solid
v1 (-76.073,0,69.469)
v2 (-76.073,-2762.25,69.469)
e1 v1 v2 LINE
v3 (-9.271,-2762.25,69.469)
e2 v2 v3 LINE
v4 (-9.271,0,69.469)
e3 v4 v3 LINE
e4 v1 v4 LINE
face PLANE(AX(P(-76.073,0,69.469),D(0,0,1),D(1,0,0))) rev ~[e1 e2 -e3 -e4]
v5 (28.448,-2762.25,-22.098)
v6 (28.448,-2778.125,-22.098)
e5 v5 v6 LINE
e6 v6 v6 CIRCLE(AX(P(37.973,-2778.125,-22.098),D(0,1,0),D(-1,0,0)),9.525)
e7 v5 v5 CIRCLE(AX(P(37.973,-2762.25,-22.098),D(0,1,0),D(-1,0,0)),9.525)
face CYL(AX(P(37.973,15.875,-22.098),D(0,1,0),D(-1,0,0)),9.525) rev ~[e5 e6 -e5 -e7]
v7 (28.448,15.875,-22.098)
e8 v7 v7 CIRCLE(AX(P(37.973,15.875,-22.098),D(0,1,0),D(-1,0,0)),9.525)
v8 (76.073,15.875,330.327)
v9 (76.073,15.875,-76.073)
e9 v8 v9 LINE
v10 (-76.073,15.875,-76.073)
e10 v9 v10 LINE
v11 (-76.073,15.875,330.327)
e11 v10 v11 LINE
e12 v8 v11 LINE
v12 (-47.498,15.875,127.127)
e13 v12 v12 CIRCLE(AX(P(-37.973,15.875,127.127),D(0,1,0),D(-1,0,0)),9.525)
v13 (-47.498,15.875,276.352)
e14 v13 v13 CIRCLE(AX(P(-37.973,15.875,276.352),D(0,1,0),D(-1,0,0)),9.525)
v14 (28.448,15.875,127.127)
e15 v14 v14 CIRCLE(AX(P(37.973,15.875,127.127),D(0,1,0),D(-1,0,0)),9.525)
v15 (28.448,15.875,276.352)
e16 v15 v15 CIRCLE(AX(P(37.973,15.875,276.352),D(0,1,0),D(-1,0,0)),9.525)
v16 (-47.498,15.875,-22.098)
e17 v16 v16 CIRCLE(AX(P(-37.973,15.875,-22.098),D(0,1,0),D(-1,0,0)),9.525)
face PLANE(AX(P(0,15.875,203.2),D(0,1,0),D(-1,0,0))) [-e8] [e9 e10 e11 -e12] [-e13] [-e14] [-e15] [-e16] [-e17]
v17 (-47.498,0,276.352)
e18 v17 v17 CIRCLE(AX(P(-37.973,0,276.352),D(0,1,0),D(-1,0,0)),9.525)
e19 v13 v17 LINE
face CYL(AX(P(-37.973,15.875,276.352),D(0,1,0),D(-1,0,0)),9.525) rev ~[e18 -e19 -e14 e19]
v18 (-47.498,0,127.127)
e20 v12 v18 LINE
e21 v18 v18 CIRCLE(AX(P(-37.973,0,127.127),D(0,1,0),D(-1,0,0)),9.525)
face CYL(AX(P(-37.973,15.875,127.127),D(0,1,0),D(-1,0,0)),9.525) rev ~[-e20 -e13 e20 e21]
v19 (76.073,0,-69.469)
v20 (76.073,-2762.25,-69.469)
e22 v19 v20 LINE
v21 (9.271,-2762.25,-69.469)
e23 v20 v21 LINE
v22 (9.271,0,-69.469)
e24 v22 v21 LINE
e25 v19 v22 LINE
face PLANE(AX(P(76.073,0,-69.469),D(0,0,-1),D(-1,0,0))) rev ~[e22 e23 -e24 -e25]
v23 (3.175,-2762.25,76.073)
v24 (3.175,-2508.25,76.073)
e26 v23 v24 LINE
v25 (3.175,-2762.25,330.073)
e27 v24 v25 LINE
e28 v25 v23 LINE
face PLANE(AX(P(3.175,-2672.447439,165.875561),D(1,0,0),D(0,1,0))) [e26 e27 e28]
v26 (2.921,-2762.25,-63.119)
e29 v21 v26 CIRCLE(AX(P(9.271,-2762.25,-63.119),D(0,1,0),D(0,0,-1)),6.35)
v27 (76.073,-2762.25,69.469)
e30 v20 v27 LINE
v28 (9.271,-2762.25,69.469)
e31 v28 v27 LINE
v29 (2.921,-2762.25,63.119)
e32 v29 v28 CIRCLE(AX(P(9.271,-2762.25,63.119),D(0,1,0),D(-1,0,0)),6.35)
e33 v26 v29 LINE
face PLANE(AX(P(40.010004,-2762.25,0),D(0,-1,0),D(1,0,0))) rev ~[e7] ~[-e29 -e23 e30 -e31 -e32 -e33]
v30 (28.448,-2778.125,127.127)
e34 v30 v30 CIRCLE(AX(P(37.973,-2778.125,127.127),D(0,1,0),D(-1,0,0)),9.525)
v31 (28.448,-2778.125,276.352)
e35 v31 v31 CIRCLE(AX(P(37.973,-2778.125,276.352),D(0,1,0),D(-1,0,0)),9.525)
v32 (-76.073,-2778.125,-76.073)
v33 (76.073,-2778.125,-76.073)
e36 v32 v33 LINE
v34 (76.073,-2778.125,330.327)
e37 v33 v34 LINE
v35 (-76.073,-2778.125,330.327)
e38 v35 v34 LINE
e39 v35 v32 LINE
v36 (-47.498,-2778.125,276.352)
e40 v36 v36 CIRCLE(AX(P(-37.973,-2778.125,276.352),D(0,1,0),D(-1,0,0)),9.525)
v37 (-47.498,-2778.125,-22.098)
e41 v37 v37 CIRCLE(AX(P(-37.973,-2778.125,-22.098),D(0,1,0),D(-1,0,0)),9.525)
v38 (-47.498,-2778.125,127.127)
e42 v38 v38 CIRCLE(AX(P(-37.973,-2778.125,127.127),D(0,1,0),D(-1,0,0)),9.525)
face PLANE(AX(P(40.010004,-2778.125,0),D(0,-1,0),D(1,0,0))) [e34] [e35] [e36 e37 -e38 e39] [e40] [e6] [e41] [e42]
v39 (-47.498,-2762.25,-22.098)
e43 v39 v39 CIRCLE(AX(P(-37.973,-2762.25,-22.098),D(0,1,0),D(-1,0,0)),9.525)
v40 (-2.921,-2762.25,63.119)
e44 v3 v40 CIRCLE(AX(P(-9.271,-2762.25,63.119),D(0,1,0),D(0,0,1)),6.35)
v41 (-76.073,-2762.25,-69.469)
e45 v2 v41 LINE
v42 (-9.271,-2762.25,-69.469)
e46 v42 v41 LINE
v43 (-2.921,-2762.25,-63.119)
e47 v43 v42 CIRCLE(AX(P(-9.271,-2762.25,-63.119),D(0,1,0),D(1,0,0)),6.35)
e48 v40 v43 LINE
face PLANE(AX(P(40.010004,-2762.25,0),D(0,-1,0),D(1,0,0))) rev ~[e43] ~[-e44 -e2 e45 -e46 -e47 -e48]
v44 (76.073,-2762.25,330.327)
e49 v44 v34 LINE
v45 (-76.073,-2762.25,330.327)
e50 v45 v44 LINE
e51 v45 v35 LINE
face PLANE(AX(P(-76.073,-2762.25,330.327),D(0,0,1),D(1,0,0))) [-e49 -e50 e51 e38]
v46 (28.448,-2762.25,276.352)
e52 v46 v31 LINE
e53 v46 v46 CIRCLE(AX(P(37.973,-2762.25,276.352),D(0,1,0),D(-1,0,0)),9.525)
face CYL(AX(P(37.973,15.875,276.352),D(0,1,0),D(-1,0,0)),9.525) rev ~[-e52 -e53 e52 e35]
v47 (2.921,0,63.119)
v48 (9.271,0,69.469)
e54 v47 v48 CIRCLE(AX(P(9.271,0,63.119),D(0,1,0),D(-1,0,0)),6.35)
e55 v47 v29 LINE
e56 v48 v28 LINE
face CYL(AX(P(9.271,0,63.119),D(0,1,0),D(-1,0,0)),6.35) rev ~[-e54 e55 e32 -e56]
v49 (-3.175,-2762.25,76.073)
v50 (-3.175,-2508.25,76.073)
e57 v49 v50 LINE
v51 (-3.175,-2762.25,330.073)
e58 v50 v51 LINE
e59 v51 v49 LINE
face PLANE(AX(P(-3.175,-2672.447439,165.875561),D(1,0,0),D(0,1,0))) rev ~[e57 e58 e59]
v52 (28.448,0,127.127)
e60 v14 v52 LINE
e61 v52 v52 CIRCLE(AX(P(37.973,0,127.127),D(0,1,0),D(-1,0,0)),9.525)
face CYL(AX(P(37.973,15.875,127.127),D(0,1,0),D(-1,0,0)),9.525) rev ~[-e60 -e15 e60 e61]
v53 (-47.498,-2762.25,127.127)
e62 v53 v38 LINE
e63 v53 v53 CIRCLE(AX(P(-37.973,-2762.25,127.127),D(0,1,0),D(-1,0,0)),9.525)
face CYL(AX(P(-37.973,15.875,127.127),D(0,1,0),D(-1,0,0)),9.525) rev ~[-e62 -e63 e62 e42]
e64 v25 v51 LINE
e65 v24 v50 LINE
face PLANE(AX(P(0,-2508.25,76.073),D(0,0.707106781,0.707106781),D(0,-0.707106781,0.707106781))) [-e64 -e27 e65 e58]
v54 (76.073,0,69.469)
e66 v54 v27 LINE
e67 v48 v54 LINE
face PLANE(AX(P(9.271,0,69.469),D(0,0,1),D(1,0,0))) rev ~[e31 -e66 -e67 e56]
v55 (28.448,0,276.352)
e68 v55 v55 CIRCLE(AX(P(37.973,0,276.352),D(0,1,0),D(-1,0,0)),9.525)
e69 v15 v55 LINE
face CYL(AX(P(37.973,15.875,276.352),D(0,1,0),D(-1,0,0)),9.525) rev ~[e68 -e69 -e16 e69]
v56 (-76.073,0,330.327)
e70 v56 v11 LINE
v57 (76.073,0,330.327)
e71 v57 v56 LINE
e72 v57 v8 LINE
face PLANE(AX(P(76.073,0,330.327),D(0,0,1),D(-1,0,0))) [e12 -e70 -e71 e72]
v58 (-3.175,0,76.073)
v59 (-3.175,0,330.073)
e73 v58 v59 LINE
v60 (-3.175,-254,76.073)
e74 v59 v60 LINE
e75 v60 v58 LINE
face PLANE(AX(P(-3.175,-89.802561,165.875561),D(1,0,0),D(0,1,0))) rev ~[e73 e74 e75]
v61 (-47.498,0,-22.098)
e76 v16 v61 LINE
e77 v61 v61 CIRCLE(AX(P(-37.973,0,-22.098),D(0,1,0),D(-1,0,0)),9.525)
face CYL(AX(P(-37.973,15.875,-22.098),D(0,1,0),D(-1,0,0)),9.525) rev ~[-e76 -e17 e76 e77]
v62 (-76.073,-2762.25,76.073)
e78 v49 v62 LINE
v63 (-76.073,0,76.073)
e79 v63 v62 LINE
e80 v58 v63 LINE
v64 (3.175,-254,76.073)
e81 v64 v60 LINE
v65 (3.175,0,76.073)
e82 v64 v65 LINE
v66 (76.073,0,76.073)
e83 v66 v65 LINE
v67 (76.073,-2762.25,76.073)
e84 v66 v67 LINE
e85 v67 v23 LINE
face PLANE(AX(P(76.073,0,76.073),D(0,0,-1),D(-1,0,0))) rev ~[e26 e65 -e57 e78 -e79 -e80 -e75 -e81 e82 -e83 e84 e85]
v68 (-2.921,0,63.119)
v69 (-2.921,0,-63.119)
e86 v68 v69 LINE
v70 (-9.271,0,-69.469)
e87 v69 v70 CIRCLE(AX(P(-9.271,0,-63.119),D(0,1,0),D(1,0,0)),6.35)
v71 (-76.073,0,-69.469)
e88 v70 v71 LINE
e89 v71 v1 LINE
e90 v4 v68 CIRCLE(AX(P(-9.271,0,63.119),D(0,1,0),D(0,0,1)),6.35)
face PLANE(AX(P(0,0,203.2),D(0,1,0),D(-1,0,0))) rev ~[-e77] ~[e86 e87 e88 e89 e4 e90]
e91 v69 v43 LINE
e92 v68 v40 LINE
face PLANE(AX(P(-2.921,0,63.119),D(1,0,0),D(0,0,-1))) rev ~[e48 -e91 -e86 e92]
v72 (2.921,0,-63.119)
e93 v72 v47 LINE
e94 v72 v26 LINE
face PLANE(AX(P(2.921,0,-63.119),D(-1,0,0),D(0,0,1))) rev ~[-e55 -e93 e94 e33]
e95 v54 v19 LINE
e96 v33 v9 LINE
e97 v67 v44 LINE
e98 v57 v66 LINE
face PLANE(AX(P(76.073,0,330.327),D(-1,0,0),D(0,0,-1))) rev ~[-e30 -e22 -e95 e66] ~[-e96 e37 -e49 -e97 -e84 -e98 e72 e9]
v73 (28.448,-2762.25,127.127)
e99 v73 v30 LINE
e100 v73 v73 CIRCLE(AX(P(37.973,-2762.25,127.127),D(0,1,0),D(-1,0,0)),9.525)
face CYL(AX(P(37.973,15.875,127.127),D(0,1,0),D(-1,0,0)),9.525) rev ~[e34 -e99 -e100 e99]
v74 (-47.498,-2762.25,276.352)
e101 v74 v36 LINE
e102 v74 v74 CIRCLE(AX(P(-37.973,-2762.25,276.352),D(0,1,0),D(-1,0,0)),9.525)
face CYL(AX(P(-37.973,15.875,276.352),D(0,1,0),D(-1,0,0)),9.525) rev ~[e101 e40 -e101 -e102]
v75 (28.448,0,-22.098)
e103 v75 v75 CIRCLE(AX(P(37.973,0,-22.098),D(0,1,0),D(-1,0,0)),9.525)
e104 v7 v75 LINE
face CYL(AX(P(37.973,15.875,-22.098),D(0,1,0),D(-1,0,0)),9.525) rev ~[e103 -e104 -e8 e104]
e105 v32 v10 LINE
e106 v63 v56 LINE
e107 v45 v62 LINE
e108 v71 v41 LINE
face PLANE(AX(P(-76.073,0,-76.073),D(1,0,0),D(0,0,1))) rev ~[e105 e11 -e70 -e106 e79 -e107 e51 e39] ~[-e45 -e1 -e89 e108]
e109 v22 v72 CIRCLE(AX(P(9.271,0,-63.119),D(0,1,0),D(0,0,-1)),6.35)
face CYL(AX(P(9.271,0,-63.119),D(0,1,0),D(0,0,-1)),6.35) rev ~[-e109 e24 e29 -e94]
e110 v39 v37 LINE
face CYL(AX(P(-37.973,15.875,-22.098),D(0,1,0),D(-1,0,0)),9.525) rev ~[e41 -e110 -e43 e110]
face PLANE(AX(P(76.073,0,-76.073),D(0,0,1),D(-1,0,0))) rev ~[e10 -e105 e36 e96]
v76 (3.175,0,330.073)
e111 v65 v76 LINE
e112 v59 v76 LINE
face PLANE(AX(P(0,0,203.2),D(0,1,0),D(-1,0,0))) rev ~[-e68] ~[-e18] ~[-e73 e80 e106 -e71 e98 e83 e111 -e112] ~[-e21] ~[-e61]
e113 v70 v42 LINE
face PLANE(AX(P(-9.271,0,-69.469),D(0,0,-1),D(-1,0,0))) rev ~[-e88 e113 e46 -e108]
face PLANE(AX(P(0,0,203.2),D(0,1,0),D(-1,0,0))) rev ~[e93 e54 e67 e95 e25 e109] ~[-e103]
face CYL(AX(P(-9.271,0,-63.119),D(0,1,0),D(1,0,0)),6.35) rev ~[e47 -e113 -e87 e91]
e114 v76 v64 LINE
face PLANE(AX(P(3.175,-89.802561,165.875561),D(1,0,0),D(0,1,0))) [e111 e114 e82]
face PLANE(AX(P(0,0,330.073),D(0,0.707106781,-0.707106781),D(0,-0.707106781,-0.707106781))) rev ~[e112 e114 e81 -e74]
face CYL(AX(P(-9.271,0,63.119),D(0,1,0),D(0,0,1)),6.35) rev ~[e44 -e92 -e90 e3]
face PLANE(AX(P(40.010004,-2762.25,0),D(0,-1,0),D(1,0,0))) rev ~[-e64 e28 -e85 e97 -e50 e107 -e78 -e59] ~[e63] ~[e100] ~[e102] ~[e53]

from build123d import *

# Parameters (mm, degrees)
F1_DEPTH = 2762.25
F2_W     = 152.146
F2_H     = 254.254
F3_DEPTH = 15.875
F4_W     = 152.146
F4_H     = 254.254
F5_DEPTH = 15.875
F7_DEPTH = 3.175
F8_R     = 9.525
F9_DEPTH = 2794


with BuildPart() as f1:
    # F0 (on Front) → F1 (new body)
    with BuildSketch(Plane.XZ):
        with BuildLine():
            Line((76.073, 76.073), (-76.073, 76.073))
            Line((-76.073, 76.073), (-76.073, 69.469))
            Line((-76.073, 69.469), (-9.271, 69.469))
            ThreePointArc((-9.271, 69.469), (-4.7808719395, 67.6091280605), (-2.921, 63.119))
            Line((-2.921, 63.119), (-2.921, -63.119))
            ThreePointArc((-2.921, -63.119), (-4.7808719395, -67.6091280605), (-9.271, -69.469))
            Line((-9.271, -69.469), (-76.073, -69.469))
            Line((-76.073, -69.469), (-76.073, -76.073))
            Line((-76.073, -76.073), (76.073, -76.073))
            Line((76.073, -76.073), (76.073, -69.469))
            Line((76.073, -69.469), (9.271, -69.469))
            ThreePointArc((9.271, -69.469), (4.7808719395, -67.6091280605), (2.921, -63.119))
            Line((2.921, -63.119), (2.921, 63.119))
            ThreePointArc((2.921, 63.119), (4.7808719395, 67.6091280605), (9.271, 69.469))
            Line((9.271, 69.469), (76.073, 69.469))
            Line((76.073, 69.469), (76.073, 76.073))
        make_face()
    extrude(amount=F1_DEPTH)

    # F2 (on face) → F3 (join)
    with BuildSketch(Plane.XZ.offset(2762.25)):
        with BuildLine():
            Line((9.271, -69.469), (76.073, -69.469))
            Line((76.073, -69.469), (76.073, 69.469))
            Line((76.073, 69.469), (9.271, 69.469))
            ThreePointArc((9.271, 69.469), (4.7808719395, 67.6091280605), (2.921, 63.119))
            Line((2.921, 63.119), (2.921, -63.119))
            ThreePointArc((2.921, -63.119), (4.7808719395, -67.6091280605), (9.271, -69.469))
        make_face()
        with BuildLine():
            Line((-76.073, 69.469), (-76.073, -69.469))
            Line((-76.073, -69.469), (-9.271, -69.469))
            ThreePointArc((-9.271, -69.469), (-4.7808719395, -67.6091280605), (-2.921, -63.119))
            Line((-2.921, -63.119), (-2.921, 63.119))
            ThreePointArc((-2.921, 63.119), (-4.7808719395, 67.6091280605), (-9.271, 69.469))
            Line((-9.271, 69.469), (-76.073, 69.469))
        make_face()
        with Locations((0, 203.2)):
            Rectangle(F2_W, F2_H)
        with BuildLine():
            Line((-76.073, -69.469), (-76.073, -76.073))
            Line((-76.073, -76.073), (76.073, -76.073))
            Line((76.073, -76.073), (76.073, -69.469))
            Line((76.073, -69.469), (9.271, -69.469))
            ThreePointArc((9.271, -69.469), (4.7808719395, -67.6091280605), (2.921, -63.119))
            Line((2.921, -63.119), (2.921, 63.119))
            ThreePointArc((2.921, 63.119), (4.7808719395, 67.6091280605), (9.271, 69.469))
            Line((9.271, 69.469), (76.073, 69.469))
            Line((76.073, 69.469), (76.073, 76.073))
            Line((76.073, 76.073), (-76.073, 76.073))
            Line((-76.073, 76.073), (-76.073, 69.469))
            Line((-76.073, 69.469), (-9.271, 69.469))
            ThreePointArc((-9.271, 69.469), (-4.7808719395, 67.6091280605), (-2.921, 63.119))
            Line((-2.921, 63.119), (-2.921, -63.119))
            ThreePointArc((-2.921, -63.119), (-4.7808719395, -67.6091280605), (-9.271, -69.469))
            Line((-9.271, -69.469), (-76.073, -69.469))
        make_face()
    extrude(amount=F3_DEPTH)

    # F4 (on face) → F5 (join)
    with BuildSketch(Plane(origin=(0, 0, 0), x_dir=(-1, 0, 0), z_dir=(0, 1, 0))):
        with Locations((0, 203.2)):
            Rectangle(F4_W, F4_H)
        with BuildLine():
            Line((-76.073, -76.073), (76.073, -76.073))
            Line((76.073, -76.073), (76.073, -69.469))
            Line((76.073, -69.469), (9.271, -69.469))
            ThreePointArc((9.271, -69.469), (4.7808719395, -67.6091280605), (2.921, -63.119))
            Line((2.921, -63.119), (2.921, 63.119))
            ThreePointArc((2.921, 63.119), (4.7808719395, 67.6091280605), (9.271, 69.469))
            Line((9.271, 69.469), (76.073, 69.469))
            Line((76.073, 69.469), (76.073, 76.073))
            Line((76.073, 76.073), (-76.073, 76.073))
            Line((-76.073, 76.073), (-76.073, 69.469))
            Line((-76.073, 69.469), (-9.271, 69.469))
            ThreePointArc((-9.271, 69.469), (-4.7808719395, 67.6091280605), (-2.921, 63.119))
            Line((-2.921, 63.119), (-2.921, -63.119))
            ThreePointArc((-2.921, -63.119), (-4.7808719395, -67.6091280605), (-9.271, -69.469))
            Line((-9.271, -69.469), (-76.073, -69.469))
            Line((-76.073, -69.469), (-76.073, -76.073))
        make_face()
        with BuildLine():
            Line((9.271, -69.469), (76.073, -69.469))
            Line((76.073, -69.469), (76.073, 69.469))
            Line((76.073, 69.469), (9.271, 69.469))
            ThreePointArc((9.271, 69.469), (4.7808719395, 67.6091280605), (2.921, 63.119))
            Line((2.921, 63.119), (2.921, -63.119))
            ThreePointArc((2.921, -63.119), (4.7808719395, -67.6091280605), (9.271, -69.469))
        make_face()
        with BuildLine():
            Line((-76.073, 69.469), (-76.073, -69.469))
            Line((-76.073, -69.469), (-9.271, -69.469))
            ThreePointArc((-9.271, -69.469), (-4.7808719395, -67.6091280605), (-2.921, -63.119))
            Line((-2.921, -63.119), (-2.921, 63.119))
            ThreePointArc((-2.921, 63.119), (-4.7808719395, 67.6091280605), (-9.271, 69.469))
            Line((-9.271, 69.469), (-76.073, 69.469))
        make_face()
    extrude(amount=F5_DEPTH)

    # F6 (on Right) → F7 (join, symmetric)
    with BuildSketch(Plane.YZ):
        Polygon((0, 76.073), (0, 330.073), (-254, 76.073), align=None)
        Polygon((-2762.25, 330.073), (-2762.25, 76.073), (-2508.25, 76.073), align=None)
    extrude(amount=F7_DEPTH, both=True)

    # F8 (on face) → F9 (cut)
    with BuildSketch(Plane(origin=(0, 15.875, 0), x_dir=(-1, 0, 0), z_dir=(0, 1, 0))):
        with Locations((-37.973, 276.352)):
            Circle(F8_R)
        with Locations((37.973, 127.127)):
            Circle(F8_R)
        with Locations((-37.973, 127.127)):
            Circle(F8_R)
        with Locations((-37.973, -22.098)):
            Circle(F8_R)
        with Locations((37.973, -22.098)):
            Circle(F8_R)
        with Locations((37.973, 276.352)):
            Circle(F8_R)
    extrude(amount=-F9_DEPTH, mode=Mode.SUBTRACT)


solid = f1.part
